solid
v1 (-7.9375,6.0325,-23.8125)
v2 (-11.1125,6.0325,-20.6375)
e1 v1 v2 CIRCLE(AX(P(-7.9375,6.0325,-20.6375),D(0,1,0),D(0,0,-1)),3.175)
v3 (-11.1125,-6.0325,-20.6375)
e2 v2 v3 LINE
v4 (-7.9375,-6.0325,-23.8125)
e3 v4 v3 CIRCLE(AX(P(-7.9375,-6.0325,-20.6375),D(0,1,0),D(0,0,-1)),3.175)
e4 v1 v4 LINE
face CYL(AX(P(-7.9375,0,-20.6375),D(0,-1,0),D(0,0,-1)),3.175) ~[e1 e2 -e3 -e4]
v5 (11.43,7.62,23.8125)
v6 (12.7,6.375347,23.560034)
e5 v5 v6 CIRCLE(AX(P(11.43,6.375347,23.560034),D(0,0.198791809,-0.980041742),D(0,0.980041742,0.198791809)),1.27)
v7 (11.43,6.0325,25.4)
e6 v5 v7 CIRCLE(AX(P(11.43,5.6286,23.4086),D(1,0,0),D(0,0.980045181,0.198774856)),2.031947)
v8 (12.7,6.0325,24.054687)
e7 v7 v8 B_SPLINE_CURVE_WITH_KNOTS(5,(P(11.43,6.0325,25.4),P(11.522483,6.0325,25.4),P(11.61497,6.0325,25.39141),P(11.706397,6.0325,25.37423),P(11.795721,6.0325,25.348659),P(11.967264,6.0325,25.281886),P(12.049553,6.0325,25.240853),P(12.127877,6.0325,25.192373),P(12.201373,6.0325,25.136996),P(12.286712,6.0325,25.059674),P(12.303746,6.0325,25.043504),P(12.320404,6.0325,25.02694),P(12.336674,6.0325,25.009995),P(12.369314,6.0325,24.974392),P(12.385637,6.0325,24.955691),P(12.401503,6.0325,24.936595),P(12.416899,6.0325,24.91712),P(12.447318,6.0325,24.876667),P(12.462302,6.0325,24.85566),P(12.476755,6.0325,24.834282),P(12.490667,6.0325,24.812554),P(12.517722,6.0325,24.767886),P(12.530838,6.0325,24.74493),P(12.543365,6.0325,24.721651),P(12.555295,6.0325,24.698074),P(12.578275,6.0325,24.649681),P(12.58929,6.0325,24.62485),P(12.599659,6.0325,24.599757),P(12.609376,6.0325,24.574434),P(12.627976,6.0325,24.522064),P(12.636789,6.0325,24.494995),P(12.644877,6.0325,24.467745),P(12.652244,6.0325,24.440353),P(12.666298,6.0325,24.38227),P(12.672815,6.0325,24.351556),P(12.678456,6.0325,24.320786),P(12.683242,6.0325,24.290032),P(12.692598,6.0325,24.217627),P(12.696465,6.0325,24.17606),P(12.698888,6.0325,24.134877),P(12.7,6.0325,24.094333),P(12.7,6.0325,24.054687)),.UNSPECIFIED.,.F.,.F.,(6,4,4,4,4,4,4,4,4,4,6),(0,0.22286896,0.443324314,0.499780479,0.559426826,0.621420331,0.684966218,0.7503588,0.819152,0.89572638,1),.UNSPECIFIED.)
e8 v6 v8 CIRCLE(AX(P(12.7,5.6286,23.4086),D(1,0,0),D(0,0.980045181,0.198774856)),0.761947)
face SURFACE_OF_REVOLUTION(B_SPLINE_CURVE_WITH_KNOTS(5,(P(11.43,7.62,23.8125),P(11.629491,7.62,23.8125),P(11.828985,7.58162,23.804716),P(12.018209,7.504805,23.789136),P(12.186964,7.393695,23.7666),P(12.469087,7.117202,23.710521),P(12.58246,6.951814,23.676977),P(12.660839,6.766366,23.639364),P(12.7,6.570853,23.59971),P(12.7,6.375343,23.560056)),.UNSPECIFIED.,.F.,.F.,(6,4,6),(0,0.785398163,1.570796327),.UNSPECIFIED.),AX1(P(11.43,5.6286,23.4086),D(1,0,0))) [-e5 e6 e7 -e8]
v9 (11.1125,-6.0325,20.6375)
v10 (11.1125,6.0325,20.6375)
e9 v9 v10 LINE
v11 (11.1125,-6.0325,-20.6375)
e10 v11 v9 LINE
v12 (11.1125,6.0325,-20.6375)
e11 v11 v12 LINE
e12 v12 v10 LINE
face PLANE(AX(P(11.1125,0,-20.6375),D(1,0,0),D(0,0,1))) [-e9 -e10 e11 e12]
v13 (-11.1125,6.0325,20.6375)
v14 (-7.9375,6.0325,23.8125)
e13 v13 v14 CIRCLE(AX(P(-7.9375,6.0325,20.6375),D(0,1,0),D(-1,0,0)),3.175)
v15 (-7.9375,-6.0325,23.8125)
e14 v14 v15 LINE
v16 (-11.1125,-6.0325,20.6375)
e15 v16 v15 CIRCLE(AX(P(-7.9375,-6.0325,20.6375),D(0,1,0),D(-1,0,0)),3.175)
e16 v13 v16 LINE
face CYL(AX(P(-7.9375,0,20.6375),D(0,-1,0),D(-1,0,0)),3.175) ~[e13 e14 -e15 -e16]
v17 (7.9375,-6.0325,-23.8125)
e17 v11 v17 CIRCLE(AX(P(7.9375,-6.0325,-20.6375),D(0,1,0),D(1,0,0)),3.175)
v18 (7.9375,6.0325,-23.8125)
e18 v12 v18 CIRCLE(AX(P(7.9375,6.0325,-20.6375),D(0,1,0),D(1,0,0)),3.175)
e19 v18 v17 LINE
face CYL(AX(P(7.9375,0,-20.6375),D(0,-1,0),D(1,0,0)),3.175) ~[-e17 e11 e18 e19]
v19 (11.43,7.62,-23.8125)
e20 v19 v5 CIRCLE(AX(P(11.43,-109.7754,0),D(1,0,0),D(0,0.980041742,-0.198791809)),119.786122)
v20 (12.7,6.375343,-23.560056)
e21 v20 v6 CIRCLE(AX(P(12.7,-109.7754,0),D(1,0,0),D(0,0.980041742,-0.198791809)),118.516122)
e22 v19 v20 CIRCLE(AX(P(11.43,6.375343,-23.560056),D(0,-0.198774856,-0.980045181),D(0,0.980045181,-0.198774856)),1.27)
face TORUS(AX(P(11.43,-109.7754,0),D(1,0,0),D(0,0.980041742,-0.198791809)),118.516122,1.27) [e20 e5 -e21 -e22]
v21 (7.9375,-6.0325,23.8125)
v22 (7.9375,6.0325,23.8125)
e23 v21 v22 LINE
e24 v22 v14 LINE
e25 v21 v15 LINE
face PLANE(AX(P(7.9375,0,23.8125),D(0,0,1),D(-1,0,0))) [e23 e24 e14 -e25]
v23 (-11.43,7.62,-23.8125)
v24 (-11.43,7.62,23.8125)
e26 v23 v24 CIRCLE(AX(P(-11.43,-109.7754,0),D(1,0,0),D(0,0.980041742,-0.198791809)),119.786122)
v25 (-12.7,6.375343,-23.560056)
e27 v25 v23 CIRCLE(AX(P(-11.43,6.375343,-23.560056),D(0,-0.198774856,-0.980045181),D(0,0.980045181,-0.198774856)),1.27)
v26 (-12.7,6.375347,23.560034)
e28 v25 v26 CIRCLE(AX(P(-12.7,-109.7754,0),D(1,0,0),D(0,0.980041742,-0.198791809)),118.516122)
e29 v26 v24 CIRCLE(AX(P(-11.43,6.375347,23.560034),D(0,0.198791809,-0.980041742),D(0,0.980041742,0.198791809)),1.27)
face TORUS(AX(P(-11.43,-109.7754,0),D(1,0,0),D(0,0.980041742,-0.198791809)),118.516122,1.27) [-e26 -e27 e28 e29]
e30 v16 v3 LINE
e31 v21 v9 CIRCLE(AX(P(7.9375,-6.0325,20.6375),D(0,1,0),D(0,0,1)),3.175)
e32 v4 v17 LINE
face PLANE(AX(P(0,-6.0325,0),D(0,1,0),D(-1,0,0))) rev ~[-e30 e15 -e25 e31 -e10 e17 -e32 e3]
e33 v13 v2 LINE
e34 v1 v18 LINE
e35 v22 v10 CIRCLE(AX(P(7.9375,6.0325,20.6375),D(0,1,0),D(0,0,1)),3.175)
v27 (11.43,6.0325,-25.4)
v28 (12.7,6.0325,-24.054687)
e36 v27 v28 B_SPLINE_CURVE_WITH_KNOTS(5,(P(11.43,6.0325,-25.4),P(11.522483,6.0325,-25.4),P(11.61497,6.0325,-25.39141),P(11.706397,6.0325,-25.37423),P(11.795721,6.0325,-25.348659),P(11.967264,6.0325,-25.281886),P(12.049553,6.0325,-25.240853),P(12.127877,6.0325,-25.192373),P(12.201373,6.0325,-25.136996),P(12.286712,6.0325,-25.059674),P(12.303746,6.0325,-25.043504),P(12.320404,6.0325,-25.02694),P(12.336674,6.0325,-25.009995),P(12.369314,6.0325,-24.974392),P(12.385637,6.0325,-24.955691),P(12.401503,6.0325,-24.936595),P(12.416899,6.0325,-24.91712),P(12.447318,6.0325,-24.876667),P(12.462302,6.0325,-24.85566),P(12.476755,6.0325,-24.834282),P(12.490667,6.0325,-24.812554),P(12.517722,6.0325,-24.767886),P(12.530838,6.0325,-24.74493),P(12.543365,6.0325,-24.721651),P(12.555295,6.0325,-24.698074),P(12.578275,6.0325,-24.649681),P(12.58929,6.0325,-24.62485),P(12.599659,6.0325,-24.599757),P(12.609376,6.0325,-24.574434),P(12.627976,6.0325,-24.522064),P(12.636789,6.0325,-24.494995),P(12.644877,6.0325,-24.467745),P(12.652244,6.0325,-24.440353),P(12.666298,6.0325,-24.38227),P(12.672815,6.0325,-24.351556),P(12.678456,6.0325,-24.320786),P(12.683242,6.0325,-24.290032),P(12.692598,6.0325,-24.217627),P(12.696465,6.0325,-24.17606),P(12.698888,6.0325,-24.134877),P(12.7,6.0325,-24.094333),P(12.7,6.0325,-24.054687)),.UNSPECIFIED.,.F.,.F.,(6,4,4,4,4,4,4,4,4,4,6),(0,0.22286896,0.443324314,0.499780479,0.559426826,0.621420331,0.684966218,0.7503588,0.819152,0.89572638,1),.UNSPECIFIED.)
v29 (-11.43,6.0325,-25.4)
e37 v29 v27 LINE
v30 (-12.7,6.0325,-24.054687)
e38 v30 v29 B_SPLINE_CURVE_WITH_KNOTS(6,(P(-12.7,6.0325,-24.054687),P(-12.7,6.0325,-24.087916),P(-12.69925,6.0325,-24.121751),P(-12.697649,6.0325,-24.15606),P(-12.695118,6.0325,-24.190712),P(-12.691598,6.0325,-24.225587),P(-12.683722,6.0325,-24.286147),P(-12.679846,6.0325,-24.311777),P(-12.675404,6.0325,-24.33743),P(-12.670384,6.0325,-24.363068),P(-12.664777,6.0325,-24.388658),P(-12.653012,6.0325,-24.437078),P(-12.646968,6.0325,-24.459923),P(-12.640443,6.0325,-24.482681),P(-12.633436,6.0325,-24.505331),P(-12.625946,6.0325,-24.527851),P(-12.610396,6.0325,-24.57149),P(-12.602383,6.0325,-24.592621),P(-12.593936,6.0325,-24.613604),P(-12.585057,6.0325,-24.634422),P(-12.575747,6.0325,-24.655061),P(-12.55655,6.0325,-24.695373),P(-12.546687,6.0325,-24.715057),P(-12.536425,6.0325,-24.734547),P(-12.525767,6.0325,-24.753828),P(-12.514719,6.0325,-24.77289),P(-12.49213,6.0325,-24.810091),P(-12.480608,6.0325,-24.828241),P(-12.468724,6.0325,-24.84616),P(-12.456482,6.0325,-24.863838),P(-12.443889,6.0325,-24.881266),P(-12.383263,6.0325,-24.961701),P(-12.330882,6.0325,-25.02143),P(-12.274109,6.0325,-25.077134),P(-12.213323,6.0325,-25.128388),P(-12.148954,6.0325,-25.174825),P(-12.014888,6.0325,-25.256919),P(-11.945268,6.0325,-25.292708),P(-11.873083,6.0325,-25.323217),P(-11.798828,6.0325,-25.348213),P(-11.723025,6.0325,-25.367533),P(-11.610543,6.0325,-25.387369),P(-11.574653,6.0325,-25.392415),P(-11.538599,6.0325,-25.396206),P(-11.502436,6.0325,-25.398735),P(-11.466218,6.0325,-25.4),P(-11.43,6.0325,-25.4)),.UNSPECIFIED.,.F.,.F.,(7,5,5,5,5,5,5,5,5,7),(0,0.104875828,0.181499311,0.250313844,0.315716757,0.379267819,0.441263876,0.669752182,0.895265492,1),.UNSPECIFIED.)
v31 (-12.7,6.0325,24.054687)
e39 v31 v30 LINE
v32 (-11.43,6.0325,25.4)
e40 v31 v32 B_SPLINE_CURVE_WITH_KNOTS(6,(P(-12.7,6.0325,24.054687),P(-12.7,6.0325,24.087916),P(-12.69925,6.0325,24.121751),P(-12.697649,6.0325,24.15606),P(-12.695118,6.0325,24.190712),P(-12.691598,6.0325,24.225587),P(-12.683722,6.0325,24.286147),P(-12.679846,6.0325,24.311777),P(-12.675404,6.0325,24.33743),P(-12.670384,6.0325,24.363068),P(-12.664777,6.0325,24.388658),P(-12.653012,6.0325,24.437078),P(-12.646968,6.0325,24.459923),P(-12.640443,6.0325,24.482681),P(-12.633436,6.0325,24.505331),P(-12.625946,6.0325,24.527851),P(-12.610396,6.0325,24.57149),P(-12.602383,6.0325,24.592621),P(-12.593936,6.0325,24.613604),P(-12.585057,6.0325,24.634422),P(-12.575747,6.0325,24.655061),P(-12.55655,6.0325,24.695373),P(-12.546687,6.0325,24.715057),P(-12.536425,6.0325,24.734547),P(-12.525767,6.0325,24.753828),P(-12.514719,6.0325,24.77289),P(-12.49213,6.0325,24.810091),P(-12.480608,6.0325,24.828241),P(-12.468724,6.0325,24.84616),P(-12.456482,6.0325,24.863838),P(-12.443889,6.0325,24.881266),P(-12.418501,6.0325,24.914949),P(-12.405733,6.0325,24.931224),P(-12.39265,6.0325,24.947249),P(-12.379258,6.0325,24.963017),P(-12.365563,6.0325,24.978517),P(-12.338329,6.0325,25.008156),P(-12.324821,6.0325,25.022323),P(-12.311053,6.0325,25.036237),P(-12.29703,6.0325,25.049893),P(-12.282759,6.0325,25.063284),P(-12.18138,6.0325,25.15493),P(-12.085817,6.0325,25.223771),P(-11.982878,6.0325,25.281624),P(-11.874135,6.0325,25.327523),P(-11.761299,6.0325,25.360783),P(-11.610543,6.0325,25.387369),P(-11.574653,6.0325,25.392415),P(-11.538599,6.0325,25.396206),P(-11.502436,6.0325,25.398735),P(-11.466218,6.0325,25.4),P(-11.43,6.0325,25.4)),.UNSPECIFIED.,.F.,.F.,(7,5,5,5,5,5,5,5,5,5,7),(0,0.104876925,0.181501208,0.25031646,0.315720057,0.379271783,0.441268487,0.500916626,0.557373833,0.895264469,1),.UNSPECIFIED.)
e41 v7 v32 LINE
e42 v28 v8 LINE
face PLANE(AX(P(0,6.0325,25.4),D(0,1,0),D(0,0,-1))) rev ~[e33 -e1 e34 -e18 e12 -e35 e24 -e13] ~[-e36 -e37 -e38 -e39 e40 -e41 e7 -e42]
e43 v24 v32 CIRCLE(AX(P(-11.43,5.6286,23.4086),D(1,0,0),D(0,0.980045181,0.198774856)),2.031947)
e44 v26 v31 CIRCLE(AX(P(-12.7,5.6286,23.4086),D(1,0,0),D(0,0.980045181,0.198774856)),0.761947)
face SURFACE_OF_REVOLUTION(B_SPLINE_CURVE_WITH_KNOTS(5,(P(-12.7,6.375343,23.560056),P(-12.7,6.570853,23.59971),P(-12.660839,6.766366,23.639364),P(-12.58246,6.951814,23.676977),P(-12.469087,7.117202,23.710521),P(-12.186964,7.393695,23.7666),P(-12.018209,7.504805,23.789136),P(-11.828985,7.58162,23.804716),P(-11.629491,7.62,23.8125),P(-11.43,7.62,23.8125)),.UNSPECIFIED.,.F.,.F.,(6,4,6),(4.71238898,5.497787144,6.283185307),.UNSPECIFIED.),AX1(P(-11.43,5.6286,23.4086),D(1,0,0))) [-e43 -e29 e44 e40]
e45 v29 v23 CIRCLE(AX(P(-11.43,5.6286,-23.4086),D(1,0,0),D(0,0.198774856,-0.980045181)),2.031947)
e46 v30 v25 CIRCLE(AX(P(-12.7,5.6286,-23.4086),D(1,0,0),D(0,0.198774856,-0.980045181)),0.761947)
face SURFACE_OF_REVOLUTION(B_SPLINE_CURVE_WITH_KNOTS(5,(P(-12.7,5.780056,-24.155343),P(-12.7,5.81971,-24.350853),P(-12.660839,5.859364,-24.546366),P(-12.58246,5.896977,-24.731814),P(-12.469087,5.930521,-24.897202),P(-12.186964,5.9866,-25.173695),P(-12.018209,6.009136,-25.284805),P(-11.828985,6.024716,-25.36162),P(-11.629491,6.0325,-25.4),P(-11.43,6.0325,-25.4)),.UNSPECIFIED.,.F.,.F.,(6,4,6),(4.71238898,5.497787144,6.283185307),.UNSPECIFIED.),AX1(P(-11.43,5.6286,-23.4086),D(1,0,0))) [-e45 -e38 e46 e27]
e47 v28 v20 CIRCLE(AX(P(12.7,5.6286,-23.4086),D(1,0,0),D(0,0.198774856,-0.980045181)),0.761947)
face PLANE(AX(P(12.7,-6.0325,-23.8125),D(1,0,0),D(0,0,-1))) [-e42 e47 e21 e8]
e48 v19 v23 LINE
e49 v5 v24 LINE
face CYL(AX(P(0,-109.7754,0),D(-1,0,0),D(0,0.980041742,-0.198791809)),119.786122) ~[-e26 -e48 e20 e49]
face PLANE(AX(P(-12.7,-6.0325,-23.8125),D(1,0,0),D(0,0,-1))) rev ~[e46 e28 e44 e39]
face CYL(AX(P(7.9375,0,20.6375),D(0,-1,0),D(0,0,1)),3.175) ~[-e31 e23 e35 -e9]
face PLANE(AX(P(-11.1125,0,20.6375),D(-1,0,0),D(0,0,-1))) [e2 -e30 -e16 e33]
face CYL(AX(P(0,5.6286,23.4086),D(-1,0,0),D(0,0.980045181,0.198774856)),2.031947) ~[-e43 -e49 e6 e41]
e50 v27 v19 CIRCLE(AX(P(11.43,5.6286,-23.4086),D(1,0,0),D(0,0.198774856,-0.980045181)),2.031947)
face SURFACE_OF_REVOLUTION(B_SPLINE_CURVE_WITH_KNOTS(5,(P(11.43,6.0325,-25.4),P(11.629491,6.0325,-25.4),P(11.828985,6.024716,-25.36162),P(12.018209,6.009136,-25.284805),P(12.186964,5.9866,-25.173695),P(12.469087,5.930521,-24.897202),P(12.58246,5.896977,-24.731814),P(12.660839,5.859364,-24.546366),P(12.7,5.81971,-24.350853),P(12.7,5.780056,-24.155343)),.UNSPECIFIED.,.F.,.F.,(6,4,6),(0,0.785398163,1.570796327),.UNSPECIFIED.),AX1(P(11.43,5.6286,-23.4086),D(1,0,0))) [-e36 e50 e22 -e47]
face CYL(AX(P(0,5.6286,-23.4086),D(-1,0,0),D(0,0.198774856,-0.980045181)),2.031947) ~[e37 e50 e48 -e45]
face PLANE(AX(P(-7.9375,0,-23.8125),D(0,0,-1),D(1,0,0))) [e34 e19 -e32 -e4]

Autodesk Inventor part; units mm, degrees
ref_plane "YZ Plane" through (0, 0, 0) normal (1, 0, 0) x (0, 1, 0)
ref_plane "XZ Plane" through (0, 0, 0) normal (0, 1, 0) x (-1, 0, 0)
ref_plane "XY Plane" through (0, 0, 0) normal (0, 0, 1) x (1, 0, 0)
sketch "Sketch1" plane through (0, 0, 0) normal (0, 1, 0) x (-1, 0, 0)
  line L0 (-7.9375, 23.8125) -> (7.9375, 23.8125)
  line L1 (11.1125, 20.6375) -> (11.1125, -20.6375)
  line L2 (7.9375, -23.8125) -> (-7.9375, -23.8125)
  line L3 (-11.1125, -20.6375) -> (-11.1125, 20.6375)
  line L4 (-11.1125, 23.8125) -> (11.1125, -23.8125) construction
  line L5 (11.1125, 23.8125) -> (-11.1125, -23.8125) construction
  arc A0 (7.9375, -23.8125) -> (11.1125, -20.6375) centre (7.9375, -20.6375) ccw
  arc A1 (-11.1125, -20.6375) -> (-7.9375, -23.8125) centre (-7.9375, -20.6375) ccw
  arc A2 (-7.9375, 23.8125) -> (-11.1125, 20.6375) centre (-7.9375, 20.6375) ccw
  arc A3 (11.1125, 20.6375) -> (7.9375, 23.8125) centre (7.9375, 20.6375) ccw
  point P0 (0, 0)
  dimension "d0" = 47.625
  dimension "d1" = 22.225
  dimension "d15" = 3.175
extrude "Extrusion1" add sketch "Sketch1" along normal mid plane 12.065
sketch "Sketch3" plane through (0, -6.0325, -23.8125) normal (1, 0, 0) x (0, 0, -1)
  line L0 (-44.45, 12.065) -> (-3.175, 12.065) projected
  line L1 (-3.175, 0) -> (-44.45, 0) projected
  line L2 (-49.2125, 12.065) -> (1.5875, 12.065)
  arc A0 (-47.625, 13.6525) -> (-49.2125, 12.065) centre (-47.2211, 11.6611) ccw
  arc A1 (1.5875, 12.065) -> (0, 13.6525) centre (-0.4039, 11.6611) ccw
  arc A2 (0, 13.6525) -> (-47.625, 13.6525) centre (-23.8125, -103.7429) ccw
  line L3 (-3.175, 12.065) -> (-3.175, 0) projected
  line L4 (-44.45, 12.065) -> (-44.45, 0) projected
  point P0 (-23.8125, 6.0325)
  point P1 (-47.625, 12.065)
  dimension "d5" = 50.8
  dimension "d9" = 1.5875
  dimension "d13" = 2.032
  dimension "d14" = 2.032
extrude "Extrusion2" add sketch "Sketch3" along normal mid plane 25.4 contours L2 A0 A2 A1 L0
fillet "Fillet1" radius 1.27 6 edges at (-12.7, 7.0654, -24.8454) (-12.7, 7.0654, 24.8454) (-12.7, 10.0107, 0) (12.7, 7.0654, 24.8454) (12.7, 7.0654, -24.8454) (12.7, 10.0107, 0)
properties part number "ARM_029_BottomIntakeSide_Cap" material "ABS Plastic"
